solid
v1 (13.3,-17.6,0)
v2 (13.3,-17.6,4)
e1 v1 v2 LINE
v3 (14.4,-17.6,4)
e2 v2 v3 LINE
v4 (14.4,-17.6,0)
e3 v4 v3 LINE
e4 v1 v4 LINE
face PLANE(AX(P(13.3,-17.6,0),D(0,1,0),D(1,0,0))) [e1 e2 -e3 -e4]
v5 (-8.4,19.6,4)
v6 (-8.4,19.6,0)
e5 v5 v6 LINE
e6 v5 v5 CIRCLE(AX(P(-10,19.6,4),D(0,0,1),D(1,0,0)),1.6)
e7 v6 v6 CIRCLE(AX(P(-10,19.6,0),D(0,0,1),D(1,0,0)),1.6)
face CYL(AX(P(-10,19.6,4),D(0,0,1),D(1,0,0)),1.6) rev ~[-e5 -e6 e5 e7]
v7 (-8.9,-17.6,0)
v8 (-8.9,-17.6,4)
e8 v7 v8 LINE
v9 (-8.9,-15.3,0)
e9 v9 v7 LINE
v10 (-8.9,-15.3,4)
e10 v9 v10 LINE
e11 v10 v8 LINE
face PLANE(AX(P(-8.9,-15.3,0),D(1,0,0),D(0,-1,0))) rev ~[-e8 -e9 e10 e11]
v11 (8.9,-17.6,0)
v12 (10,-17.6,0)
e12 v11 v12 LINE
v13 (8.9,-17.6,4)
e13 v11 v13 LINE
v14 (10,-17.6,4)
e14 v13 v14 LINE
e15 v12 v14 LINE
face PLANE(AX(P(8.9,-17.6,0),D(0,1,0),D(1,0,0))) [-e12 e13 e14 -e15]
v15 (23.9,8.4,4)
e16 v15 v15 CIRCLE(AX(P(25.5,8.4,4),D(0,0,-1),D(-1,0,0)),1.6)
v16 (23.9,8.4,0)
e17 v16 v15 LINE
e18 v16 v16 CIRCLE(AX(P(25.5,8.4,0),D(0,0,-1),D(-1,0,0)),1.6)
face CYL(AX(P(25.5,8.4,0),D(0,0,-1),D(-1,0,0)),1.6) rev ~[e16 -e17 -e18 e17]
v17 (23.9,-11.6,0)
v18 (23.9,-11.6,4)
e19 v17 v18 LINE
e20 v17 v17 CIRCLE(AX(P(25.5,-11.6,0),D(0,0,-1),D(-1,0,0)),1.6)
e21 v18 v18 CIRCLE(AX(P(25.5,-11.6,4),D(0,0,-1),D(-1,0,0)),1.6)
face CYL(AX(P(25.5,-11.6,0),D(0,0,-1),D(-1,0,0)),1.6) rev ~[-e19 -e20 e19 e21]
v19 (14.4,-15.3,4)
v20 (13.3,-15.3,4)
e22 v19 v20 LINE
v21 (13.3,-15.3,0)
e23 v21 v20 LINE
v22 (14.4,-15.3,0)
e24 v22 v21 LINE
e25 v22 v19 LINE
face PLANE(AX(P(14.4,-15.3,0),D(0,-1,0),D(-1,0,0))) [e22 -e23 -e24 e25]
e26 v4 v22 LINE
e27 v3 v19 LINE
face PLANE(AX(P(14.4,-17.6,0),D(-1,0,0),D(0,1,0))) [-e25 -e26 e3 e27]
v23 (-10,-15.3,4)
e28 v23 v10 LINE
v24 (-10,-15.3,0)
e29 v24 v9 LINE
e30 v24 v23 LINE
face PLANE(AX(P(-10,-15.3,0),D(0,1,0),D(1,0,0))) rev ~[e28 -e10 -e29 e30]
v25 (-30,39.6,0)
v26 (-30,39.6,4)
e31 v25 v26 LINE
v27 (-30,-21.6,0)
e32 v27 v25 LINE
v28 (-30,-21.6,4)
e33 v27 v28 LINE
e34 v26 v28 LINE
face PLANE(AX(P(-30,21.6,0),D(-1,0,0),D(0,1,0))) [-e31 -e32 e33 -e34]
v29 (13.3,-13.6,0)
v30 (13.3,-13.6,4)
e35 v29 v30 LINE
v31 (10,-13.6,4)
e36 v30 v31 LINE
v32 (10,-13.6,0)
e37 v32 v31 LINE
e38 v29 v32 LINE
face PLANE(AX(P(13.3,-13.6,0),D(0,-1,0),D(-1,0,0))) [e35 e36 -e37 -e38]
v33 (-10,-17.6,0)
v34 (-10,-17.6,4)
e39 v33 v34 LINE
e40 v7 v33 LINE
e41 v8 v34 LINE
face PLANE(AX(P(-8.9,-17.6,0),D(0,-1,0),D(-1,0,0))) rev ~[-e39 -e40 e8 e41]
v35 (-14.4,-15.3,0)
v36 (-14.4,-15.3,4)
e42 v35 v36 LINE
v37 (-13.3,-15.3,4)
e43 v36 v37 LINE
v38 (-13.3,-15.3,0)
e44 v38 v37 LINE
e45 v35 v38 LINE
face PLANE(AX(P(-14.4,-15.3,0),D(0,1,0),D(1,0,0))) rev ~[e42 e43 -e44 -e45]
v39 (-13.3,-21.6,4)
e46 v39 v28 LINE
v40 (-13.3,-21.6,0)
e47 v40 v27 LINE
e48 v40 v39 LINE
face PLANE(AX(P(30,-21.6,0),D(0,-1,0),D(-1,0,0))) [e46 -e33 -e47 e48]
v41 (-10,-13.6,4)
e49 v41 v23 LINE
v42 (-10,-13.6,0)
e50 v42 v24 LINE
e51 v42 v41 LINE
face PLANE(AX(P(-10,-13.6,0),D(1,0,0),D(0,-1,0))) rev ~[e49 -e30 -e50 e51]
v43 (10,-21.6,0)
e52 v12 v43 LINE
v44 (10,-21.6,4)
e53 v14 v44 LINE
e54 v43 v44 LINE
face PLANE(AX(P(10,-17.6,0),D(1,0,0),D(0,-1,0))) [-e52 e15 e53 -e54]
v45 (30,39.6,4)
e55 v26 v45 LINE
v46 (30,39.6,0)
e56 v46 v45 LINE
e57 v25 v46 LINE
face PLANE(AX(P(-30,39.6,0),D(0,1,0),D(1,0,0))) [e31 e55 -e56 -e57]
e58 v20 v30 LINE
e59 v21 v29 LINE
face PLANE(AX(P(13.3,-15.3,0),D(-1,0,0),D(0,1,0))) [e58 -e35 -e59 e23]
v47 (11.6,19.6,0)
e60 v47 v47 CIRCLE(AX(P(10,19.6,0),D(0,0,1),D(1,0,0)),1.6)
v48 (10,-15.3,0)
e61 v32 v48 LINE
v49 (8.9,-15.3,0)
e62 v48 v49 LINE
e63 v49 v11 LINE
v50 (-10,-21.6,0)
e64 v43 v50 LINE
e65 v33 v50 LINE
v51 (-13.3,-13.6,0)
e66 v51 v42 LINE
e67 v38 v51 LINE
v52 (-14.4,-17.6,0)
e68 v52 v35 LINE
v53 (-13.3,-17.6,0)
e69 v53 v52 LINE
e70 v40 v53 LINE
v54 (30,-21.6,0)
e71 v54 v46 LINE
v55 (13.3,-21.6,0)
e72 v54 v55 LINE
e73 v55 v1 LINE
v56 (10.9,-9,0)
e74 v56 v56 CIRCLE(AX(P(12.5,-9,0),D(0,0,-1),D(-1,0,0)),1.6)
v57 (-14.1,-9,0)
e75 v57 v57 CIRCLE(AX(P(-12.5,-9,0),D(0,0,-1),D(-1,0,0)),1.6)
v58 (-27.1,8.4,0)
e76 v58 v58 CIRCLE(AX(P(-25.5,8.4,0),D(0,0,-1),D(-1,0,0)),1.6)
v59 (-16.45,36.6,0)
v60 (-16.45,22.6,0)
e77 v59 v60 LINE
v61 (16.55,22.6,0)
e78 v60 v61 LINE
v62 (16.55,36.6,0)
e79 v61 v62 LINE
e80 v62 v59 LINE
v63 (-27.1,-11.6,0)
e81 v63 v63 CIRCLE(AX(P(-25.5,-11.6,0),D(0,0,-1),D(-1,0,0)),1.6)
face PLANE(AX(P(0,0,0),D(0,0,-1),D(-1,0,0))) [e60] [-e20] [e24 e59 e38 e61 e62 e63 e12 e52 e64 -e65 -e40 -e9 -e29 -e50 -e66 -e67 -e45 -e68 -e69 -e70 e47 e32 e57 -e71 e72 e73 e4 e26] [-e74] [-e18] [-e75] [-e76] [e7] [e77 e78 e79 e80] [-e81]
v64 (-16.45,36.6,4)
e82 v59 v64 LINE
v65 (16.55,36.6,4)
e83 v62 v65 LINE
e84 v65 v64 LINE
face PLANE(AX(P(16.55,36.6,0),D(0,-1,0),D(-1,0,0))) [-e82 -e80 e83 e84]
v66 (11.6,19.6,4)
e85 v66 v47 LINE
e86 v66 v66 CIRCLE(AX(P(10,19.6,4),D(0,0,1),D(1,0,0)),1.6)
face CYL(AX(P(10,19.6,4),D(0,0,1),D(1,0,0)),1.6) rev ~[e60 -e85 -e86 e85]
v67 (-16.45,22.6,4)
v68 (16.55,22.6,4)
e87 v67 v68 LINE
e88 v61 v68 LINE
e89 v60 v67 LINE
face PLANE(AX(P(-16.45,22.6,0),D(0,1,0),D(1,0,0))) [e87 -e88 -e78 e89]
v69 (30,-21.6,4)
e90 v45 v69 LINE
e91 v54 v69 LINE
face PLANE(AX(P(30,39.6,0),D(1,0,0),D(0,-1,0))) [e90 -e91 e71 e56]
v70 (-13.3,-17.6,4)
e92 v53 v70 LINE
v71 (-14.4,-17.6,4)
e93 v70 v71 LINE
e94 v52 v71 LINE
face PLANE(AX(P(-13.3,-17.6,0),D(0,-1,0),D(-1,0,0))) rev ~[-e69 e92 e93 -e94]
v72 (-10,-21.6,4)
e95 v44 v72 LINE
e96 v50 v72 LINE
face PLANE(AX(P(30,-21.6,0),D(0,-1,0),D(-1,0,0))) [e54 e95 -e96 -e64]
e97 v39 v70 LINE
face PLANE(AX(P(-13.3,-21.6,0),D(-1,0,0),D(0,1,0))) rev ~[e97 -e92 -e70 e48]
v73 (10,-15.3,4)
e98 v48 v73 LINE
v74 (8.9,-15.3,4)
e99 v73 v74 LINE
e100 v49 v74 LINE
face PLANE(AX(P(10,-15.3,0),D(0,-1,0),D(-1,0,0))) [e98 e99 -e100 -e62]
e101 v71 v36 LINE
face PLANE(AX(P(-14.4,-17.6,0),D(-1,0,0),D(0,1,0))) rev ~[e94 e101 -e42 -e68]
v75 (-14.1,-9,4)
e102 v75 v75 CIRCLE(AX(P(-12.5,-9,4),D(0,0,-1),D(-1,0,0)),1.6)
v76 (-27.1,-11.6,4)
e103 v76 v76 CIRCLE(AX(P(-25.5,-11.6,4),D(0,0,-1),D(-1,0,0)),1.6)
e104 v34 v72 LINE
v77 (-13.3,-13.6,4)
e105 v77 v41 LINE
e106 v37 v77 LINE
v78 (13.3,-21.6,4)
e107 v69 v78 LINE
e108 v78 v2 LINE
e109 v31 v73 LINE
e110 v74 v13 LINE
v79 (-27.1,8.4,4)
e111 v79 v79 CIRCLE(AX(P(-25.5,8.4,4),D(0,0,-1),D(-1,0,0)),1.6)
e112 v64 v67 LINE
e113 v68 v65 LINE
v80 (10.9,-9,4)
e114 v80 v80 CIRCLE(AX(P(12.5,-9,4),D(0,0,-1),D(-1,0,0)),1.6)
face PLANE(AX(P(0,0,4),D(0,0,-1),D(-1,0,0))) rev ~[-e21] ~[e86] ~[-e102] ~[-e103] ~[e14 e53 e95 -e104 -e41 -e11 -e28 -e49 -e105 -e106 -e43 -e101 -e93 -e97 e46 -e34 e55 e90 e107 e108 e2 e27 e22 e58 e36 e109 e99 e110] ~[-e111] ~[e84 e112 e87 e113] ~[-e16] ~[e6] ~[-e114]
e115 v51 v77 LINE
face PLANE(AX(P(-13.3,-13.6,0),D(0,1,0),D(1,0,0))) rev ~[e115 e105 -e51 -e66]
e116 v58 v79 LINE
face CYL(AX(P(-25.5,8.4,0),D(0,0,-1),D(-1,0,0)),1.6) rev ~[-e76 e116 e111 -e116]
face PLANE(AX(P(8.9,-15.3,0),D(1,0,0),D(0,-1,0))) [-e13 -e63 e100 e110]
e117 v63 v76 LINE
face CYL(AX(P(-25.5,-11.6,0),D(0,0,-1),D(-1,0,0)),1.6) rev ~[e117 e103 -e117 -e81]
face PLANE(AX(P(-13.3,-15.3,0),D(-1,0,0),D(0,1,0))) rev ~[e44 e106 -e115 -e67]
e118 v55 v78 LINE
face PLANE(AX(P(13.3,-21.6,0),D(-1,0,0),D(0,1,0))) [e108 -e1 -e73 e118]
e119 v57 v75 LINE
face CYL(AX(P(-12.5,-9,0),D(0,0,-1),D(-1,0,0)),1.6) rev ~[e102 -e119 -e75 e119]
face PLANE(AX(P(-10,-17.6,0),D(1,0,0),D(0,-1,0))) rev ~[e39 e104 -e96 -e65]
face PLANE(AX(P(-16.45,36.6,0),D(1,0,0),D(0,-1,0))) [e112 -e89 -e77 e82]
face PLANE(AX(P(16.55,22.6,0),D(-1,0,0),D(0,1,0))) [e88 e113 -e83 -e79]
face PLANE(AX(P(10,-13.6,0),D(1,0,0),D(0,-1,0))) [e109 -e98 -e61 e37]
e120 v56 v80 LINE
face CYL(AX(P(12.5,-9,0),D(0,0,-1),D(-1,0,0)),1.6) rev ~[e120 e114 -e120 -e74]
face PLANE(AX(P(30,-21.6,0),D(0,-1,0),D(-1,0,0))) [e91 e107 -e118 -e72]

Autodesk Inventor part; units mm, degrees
ref_plane "YZ Plane" through (0, 0, 0) normal (1, 0, 0) x (0, 1, 0)
ref_plane "XZ Plane" through (0, 0, 0) normal (0, 1, 0) x (-1, 0, 0)
ref_plane "XY Plane" through (0, 0, 0) normal (0, 0, 1) x (1, 0, 0)
sketch "Эскиз1" plane through (0, 0, 0) normal (0, 0, 1) x (1, 0, 0)
  line L0 (-30, 21.6) -> (30, 21.6)
  line L1 (30, 21.6) -> (30, -21.6)
  line L2 (30, -21.6) -> (-30, -21.6)
  line L3 (-30, -21.6) -> (-30, 21.6)
  line L4 (-30, 21.6) -> (30, -21.6) construction
  line L5 (30, 21.6) -> (-30, -21.6) construction
  point P0 (0, 0)
  dimension "d0" = 60
  dimension "d1" = 43.2
extrude "Выдавливание1" add sketch "Эскиз1" along normal blind 4
sketch "Эскиз2" plane through (0, 0, 0) normal (0, 0, -1) x (-1, 0, 0)
  line L0 (-12.5, -9) -> (12.5, -9) construction
  line L1 (0, 0) -> (0, -21.6) construction
  line L2 (30, -21.6) -> (-30, -21.6) projected
  circle A0 centre (-12.5, -9) radius 1.6
  circle A1 centre (12.5, -9) radius 1.6
  line L3 (-30, -21.6) -> (-30, 21.6) projected
  line L4 (-30, 0) -> (30, 0) construction
  line L5 (30, 21.6) -> (30, -21.6) projected
  point P0 (0, -9)
  dimension "d4" = 25
  dimension "d5" = 3.2
  dimension "d6" = 3.2
  dimension "d7" = 9
extrude "Выдавливание2" cut sketch "Эскиз2" against normal blind 4
sketch "Эскиз3" plane through (0, 0, 0) normal (0, 0, -1) x (-1, 0, 0)
  circle A0 centre (-25.5, 8.4) radius 1.75 construction
  circle A1 centre (25.5, 8.4) radius 1.75 construction
  circle A2 centre (25.5, -11.6) radius 1.75 construction
  circle A3 centre (-25.5, -11.6) radius 1.75 construction
  circle A4 centre (-25.5, 8.4) radius 1.6
  circle A5 centre (25.5, 8.4) radius 1.6
  circle A6 centre (-25.5, -11.6) radius 1.6
  circle A7 centre (25.5, -11.6) radius 1.6
  point P0 (0, 0)
  dimension "d10" = 3.2
  dimension "d11" = 3.2
  dimension "d12" = 3.2
  dimension "d13" = 3.2
extrude "Выдавливание3" cut sketch "Эскиз3" against normal blind 10
sketch "Эскиз4" plane through (0, 0, 0) normal (0, 0, -1) x (-1, 0, 0)
  line L0 (-30, 21.6) -> (30, 21.6) construction
  line L1 (-30, 21.6) -> (30, 21.6) projected
  line L2 (-30, 21.6) -> (30, 21.6)
  line L3 (30, 21.6) -> (30, 39.6)
  line L4 (30, 39.6) -> (-30, 39.6)
  line L5 (-30, 39.6) -> (-30, 21.6)
  dimension "d18" = 60
  dimension "d19" = 18
extrude "Выдавливание4" add sketch "Эскиз4" against normal blind 4
sketch "Эскиз5" plane through (0, 0, 0) normal (0, 0, -1) x (-1, 0, 0)
  line L0 (-11.55, 23.6) -> (11.45, 23.6) construction
  line L1 (11.45, 23.6) -> (11.45, 35.6) construction
  line L2 (-11.55, 23.6) -> (11.45, 35.6) construction
  line L3 (-16.55, 36.6) -> (16.45, 36.6)
  line L4 (16.45, 36.6) -> (16.45, 22.6)
  line L5 (16.45, 22.6) -> (-16.55, 22.6)
  line L6 (-16.55, 22.6) -> (-16.55, 36.6)
  line L7 (-16.55, 36.6) -> (16.45, 22.6) construction
  line L8 (16.45, 36.6) -> (-16.55, 22.6) construction
  point P0 (0, 0)
  point P1 (-0.05, 29.6)
  dimension "d22" = 1
  dimension "d23" = 5
extrude "Выдавливание5" cut sketch "Эскиз5" against normal blind 4
sketch "Эскиз6" plane through (0, 0, 4) normal (0, 0, 1) x (1, 0, 0)
  line L0 (11.7, 17.6) -> (11.7, 21.6) construction
  line L1 (11.7, 21.6) -> (30, 21.6) construction
  line L2 (30, 21.6) -> (30, 17.6) construction
  line L3 (30, 17.6) -> (11.7, 17.6) construction
  line L4 (-8.3, 17.6) -> (-8.3, 21.6) construction
  line L5 (-8.3, 21.6) -> (8.3, 21.6) construction
  line L6 (8.3, 21.6) -> (8.3, 17.6) construction
  line L7 (8.3, 17.6) -> (-8.3, 17.6) construction
  line L8 (-11.7, 21.6) -> (-11.7, 17.6) construction
  line L9 (-11.7, 17.6) -> (-30, 17.6) construction
  line L10 (-30, 17.6) -> (-30, 21.6) construction
  line L11 (-30, 21.6) -> (-11.7, 21.6) construction
  line L12 (11.7, 21.6) -> (8.3, 17.6) construction
  line L13 (-8.3, 21.6) -> (-11.7, 17.6) construction
  circle A0 centre (-10, 19.6) radius 1.6
  circle A1 centre (10, 19.6) radius 1.6
  point P0 (0, 0)
  dimension "d26" = 3.2
  dimension "d27" = 3.2
extrude "Выдавливание6" cut sketch "Эскиз6" against normal blind 10
sketch "Эскиз7" plane through (0, 0, 0) normal (0, 0, -1) x (-1, 0, 0)
  line L0 (-10, -21.6) -> (-13.3, -21.6)
  line L1 (-13.3, -21.6) -> (-13.3, -13.6)
  line L2 (-13.3, -13.6) -> (-10, -13.6)
  line L3 (-10, -13.6) -> (-10, -21.6)
  line L4 (-20, -21.6) -> (20, -21.6) projected
  line L5 (30, -21.6) -> (-30, -21.6) projected
  line L6 (-8.9, -17.6) -> (-14.4, -17.6)
  line L7 (-14.4, -17.6) -> (-14.4, -15.3)
  line L8 (-14.4, -15.3) -> (-8.9, -15.3)
  line L9 (-8.9, -15.3) -> (-8.9, -17.6)
  line L10 (-11.65, -13.6) -> (-11.65, -21.6) construction
  line L11 (0, -21.6) -> (0, -16.45)
  line L12 (10, -21.6) -> (13.3, -21.6)
  line L13 (13.3, -21.6) -> (13.3, -13.6)
  line L14 (13.3, -13.6) -> (10, -13.6)
  line L15 (10, -13.6) -> (10, -21.6)
  line L16 (8.9, -17.6) -> (14.4, -17.6)
  line L17 (14.4, -17.6) -> (14.4, -15.3)
  line L18 (14.4, -15.3) -> (8.9, -15.3)
  line L19 (8.9, -15.3) -> (8.9, -17.6)
  line L20 (11.65, -13.6) -> (11.65, -21.6) construction
  point P0 (0, 0)
  point P1 (-11.65, -15.3)
  point P2 (11.65, -15.3)
  point P3 (-13.3, -17.6)
  point P4 (-10, -17.6)
  point P5 (-10, -15.3)
  point P6 (-13.3, -15.3)
  point P7 (13.3, -15.3)
  point P8 (10, -15.3)
  point P9 (10, -17.6)
  point P10 (10, -21.6)
  point P11 (13.3, -21.6)
  point P12 (13.3, -17.6)
  dimension "d30" = 3.3
  dimension "d31" = 8
  dimension "d32" = 10
  dimension "d33" = 5.5
  dimension "d34" = 2.3
  dimension "d35" = 4
extrude "Выдавливание7" cut sketch "Эскиз7" against normal blind 4
properties part number "стена_для_рельс"
